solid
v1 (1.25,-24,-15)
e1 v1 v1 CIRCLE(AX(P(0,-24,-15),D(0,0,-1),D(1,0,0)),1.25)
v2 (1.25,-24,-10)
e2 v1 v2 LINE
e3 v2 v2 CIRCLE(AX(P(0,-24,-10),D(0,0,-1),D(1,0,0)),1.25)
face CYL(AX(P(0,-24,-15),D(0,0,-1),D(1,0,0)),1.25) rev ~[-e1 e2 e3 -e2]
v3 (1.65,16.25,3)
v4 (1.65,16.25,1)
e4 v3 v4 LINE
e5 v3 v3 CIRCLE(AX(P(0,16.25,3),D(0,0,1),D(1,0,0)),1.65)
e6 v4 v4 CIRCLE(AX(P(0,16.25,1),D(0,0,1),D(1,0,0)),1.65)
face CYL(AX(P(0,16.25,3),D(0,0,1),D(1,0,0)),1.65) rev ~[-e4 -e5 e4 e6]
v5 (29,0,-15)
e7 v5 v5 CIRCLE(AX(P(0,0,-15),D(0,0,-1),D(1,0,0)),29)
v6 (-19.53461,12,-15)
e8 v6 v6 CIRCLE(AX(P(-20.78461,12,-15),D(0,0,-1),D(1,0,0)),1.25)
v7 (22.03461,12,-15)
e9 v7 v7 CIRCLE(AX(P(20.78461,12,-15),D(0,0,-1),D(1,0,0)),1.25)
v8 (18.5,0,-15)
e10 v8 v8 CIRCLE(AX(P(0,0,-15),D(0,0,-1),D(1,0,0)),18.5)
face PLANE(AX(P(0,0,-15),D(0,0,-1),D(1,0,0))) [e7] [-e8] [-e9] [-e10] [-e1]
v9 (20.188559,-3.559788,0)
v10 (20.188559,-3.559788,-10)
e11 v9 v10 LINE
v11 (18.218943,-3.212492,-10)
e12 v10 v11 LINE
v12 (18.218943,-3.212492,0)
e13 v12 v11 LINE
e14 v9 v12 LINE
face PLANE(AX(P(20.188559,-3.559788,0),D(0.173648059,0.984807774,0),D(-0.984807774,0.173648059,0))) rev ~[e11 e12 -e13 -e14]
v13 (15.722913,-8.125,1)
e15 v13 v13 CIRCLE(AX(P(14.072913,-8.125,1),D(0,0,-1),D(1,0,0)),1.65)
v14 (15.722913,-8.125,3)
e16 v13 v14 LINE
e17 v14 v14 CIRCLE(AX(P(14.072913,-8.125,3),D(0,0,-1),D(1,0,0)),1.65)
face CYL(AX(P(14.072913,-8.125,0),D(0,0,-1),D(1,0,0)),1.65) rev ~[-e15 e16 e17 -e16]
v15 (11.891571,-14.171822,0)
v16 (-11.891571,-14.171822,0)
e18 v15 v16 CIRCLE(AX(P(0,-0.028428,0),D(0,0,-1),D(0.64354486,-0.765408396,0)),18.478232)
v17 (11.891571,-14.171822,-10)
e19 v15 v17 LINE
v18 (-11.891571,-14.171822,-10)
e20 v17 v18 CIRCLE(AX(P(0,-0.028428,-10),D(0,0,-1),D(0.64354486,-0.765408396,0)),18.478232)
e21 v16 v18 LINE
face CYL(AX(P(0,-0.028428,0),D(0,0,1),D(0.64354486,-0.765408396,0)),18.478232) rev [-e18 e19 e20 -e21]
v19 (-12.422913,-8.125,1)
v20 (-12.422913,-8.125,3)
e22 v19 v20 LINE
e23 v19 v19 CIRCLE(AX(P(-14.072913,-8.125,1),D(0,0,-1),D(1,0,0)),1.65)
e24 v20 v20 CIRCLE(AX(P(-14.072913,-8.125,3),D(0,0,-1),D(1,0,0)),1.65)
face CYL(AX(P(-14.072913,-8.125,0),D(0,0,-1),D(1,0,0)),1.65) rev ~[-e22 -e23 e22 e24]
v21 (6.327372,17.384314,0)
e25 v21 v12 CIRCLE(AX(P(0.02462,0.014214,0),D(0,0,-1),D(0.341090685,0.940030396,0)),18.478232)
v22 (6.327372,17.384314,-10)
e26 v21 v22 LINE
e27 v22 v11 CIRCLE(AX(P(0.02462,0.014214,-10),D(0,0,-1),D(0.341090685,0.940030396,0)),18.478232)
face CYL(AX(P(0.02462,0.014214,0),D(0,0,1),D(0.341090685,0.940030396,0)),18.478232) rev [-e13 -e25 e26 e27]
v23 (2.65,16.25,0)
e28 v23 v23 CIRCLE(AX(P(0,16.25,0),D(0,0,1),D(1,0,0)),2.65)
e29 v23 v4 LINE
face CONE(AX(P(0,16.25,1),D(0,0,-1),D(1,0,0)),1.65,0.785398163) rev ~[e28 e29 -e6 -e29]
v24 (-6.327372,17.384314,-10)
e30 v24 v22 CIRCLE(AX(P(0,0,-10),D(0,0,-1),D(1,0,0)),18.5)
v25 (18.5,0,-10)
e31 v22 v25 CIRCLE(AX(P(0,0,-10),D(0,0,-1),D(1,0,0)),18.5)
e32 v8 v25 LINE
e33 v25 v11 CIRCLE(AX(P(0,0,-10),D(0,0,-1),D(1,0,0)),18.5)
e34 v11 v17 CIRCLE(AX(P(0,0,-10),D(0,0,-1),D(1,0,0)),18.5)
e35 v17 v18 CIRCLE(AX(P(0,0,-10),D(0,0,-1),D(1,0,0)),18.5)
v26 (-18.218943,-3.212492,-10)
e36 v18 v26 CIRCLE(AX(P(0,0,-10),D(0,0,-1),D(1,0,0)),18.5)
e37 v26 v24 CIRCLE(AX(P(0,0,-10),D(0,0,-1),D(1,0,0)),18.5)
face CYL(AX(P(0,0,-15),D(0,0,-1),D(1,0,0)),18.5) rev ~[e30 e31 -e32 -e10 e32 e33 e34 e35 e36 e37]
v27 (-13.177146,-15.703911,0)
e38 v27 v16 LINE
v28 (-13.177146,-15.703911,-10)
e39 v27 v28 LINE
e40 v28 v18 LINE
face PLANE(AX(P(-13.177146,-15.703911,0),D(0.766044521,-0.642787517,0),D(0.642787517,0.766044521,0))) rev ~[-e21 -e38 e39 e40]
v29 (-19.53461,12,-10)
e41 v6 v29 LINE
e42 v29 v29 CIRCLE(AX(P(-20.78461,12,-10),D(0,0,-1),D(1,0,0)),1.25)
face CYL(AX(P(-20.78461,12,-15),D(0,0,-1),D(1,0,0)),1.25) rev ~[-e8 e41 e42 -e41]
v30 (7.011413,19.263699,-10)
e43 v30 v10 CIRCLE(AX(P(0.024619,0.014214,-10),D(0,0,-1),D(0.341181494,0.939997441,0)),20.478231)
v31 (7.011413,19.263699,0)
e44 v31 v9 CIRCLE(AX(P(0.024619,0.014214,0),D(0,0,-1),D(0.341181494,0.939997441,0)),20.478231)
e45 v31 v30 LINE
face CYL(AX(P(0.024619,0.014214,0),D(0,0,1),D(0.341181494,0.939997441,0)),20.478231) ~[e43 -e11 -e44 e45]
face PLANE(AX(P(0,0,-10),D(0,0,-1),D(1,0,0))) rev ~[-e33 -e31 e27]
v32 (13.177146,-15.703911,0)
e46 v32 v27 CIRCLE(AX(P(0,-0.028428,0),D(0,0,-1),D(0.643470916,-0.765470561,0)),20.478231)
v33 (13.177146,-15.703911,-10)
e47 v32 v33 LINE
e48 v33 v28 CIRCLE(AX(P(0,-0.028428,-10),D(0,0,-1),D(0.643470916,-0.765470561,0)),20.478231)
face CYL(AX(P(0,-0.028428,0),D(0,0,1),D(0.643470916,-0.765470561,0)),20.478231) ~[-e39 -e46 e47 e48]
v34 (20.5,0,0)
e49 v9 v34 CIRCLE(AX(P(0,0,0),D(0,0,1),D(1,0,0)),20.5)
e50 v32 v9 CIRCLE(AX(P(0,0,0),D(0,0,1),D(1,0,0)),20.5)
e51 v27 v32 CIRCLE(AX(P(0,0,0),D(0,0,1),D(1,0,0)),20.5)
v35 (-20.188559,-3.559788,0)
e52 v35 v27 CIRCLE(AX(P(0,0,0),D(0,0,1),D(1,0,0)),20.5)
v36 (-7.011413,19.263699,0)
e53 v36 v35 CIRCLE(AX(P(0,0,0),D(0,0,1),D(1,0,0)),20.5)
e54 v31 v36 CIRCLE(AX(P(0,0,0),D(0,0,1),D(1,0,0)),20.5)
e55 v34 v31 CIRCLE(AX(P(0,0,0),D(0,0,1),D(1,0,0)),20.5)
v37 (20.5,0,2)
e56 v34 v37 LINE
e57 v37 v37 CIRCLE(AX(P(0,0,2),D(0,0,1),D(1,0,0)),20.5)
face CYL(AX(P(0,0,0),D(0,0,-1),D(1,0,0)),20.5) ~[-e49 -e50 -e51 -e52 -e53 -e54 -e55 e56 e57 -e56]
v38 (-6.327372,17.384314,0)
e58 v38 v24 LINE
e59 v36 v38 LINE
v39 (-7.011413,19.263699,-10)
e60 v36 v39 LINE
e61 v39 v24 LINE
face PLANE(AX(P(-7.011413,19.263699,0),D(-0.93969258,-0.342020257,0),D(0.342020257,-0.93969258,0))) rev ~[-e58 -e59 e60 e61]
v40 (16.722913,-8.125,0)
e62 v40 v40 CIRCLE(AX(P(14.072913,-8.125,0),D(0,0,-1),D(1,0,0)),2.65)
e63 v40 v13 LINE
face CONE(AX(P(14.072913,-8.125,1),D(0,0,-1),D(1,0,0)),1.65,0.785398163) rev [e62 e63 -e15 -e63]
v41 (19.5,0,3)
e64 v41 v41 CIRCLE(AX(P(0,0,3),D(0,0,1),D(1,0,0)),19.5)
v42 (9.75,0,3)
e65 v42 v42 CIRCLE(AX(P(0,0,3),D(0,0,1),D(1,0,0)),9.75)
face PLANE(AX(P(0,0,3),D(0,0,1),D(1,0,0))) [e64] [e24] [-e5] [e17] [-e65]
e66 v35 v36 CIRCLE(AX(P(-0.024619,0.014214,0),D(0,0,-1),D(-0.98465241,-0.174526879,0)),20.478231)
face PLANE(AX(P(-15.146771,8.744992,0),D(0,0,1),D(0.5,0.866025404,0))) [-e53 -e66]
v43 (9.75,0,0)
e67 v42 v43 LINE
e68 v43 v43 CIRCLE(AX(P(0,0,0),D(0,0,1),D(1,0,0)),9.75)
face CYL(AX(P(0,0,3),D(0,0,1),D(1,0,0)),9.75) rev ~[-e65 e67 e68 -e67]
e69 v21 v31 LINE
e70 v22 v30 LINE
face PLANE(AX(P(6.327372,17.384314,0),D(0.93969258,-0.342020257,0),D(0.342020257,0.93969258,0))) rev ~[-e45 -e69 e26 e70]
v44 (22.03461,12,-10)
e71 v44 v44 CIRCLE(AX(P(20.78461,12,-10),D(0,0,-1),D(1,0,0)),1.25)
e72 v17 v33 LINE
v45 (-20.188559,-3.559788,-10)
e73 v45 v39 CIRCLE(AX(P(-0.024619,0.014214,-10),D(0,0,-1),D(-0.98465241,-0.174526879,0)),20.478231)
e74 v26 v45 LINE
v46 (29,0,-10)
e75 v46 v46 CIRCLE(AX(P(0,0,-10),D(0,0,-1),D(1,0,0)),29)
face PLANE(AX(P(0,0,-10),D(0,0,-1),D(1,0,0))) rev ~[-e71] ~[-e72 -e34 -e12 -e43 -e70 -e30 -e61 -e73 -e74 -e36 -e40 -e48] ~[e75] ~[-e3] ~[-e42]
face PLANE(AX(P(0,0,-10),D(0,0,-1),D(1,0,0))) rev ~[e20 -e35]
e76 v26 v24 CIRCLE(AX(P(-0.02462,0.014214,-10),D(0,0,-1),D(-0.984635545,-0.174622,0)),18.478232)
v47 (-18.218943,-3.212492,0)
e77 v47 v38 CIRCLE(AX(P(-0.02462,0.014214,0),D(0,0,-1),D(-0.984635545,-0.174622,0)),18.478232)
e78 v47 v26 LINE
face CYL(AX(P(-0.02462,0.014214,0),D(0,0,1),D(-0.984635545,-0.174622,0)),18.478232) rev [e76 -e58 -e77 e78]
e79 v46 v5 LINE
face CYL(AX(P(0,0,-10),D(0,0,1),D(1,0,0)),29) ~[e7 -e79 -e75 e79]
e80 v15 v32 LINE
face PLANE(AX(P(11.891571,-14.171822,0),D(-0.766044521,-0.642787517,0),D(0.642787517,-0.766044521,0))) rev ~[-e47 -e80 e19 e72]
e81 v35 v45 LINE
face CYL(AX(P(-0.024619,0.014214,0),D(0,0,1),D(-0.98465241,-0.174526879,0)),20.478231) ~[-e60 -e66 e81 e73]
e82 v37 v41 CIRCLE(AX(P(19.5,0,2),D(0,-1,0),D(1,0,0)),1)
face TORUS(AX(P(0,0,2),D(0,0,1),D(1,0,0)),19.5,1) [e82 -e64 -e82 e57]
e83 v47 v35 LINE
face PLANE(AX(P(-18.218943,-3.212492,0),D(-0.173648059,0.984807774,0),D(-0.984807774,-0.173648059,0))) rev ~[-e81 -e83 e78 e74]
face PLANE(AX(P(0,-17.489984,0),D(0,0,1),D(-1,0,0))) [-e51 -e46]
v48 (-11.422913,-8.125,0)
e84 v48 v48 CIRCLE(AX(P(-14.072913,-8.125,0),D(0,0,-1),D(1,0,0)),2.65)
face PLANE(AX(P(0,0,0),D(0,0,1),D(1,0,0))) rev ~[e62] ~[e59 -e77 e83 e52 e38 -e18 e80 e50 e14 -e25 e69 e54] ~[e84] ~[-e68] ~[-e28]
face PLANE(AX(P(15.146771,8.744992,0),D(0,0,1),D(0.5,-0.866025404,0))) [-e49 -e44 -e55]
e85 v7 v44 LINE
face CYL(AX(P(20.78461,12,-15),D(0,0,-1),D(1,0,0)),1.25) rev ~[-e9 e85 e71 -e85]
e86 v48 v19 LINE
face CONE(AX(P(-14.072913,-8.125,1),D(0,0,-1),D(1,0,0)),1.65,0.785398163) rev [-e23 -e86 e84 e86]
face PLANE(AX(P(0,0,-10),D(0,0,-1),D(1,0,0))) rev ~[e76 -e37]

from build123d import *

# Parameters (mm, degrees)
SKETCH_R           = 20.5
PAD_DEPTH          = 3
SKETCH001_R        = 9.75
POCKET_DEPTH       = 3
SKETCH002_R        = 1.65
HOLE_DEPTH         = 25
SKETCH003_R        = 1.65
HOLE001_DEPTH      = 25
PAD001_DEPTH       = 10
POLARPATTERN_COUNT = 3
SKETCH005_R        = 29
PAD002_DEPTH       = 5
SKETCH006_R        = 18.5
POCKET001_DEPTH    = 5
CHAMFER_SIZE       = 1
FILLET_R           = 1
SKETCH007_R        = 1.25
HOLE002_DEPTH      = 25


with BuildPart() as part:
    # Sketch → Pad (new body)
    with BuildSketch(Plane.XY):
        Circle(SKETCH_R)
    extrude(amount=PAD_DEPTH)

    # Sketch001 (on Face3 of Pad) → Pocket (cut)
    with BuildSketch(Plane.XY.offset(3)):
        Circle(SKETCH001_R)
    extrude(amount=-POCKET_DEPTH, mode=Mode.SUBTRACT)

    # Sketch002 (on Face3 of Pocket) → Hole (cut)
    with BuildSketch(Plane.XY.offset(3)):
        with Locations((0, 16.25)):
            Circle(SKETCH002_R)
    extrude(amount=-HOLE_DEPTH, mode=Mode.SUBTRACT)

    # Sketch003 (on Face2 of Hole) → Hole001 (cut)
    with BuildSketch(Plane(origin=(0, 0, 0), x_dir=(1, 0, 0), z_dir=(0, 0, -1))):
        with Locations((-14.072913, 8.125)):
            Circle(SKETCH003_R)
        with Locations((14.072913, 8.125)):
            Circle(SKETCH003_R)
    extrude(amount=-HOLE001_DEPTH, mode=Mode.SUBTRACT)

    # Sketch004 (on Face2 of Hole001) → Pad001 (join)
    with BuildSketch(Plane(origin=(0, 0, 0), x_dir=(1, 0, 0), z_dir=(0, 0, -1))):
        with BuildLine():
            ThreePointArc((11.891571, 14.171822), (0, 18.50666), (-11.891571, 14.171822))
            Line((-13.177146, 15.703911), (-11.891571, 14.171822))
            ThreePointArc((13.177146, 15.703911), (0, 20.506659), (-13.177146, 15.703911))
            Line((11.891571, 14.171822), (13.177146, 15.703911))
        make_face()
    pad001 = extrude(amount=PAD001_DEPTH)

    # PolarPattern: Pad001 ×3 about axis
    polarpattern_axis = Axis((0, 0, 0), (0, 0, -1))
    for i in range(1, POLARPATTERN_COUNT):
        add(pad001.rotate(polarpattern_axis, i * 360 / POLARPATTERN_COUNT))

    # Sketch005 (on Face25 of PolarPattern) → Pad002 (join)
    with BuildSketch(Plane(origin=(0, 0, -10), x_dir=(1, 0, 0), z_dir=(0, 0, -1))):
        Circle(SKETCH005_R)
    extrude(amount=PAD002_DEPTH)

    # Sketch006 (on Face3 of Pad002) → Pocket001 (cut)
    with BuildSketch(Plane(origin=(0, 0, -15), x_dir=(1, 0, 0), z_dir=(0, 0, -1))):
        Circle(SKETCH006_R)
    extrude(amount=-POCKET001_DEPTH, mode=Mode.SUBTRACT)

    # Chamfer
    chamfer_edges = [part.edges().sort_by_distance(p)[0] for p in [
        (15.722913, -8.125, 0),
        (-1.65, 16.25, 0),
        (-12.422913, -8.125, 0),
    ]]
    chamfer(chamfer_edges, length=CHAMFER_SIZE)

    # Fillet
    fillet_edges = [part.edges().sort_by_distance(p)[0] for p in [
        (-20.5, 0, 3),
    ]]
    fillet(fillet_edges, radius=FILLET_R)

    # Sketch007 (on Face33 of Fillet) → Hole002 (cut)
    with BuildSketch(Plane(origin=(0, 0, -15), x_dir=(1, 0, 0), z_dir=(0, 0, -1))):
        with Locations((0, 24)):
            Circle(SKETCH007_R)
        with Locations((-20.78461, -12)):
            Circle(SKETCH007_R)
        with Locations((20.78461, -12)):
            Circle(SKETCH007_R)
    extrude(amount=-HOLE002_DEPTH, mode=Mode.SUBTRACT)


solid = part.part
